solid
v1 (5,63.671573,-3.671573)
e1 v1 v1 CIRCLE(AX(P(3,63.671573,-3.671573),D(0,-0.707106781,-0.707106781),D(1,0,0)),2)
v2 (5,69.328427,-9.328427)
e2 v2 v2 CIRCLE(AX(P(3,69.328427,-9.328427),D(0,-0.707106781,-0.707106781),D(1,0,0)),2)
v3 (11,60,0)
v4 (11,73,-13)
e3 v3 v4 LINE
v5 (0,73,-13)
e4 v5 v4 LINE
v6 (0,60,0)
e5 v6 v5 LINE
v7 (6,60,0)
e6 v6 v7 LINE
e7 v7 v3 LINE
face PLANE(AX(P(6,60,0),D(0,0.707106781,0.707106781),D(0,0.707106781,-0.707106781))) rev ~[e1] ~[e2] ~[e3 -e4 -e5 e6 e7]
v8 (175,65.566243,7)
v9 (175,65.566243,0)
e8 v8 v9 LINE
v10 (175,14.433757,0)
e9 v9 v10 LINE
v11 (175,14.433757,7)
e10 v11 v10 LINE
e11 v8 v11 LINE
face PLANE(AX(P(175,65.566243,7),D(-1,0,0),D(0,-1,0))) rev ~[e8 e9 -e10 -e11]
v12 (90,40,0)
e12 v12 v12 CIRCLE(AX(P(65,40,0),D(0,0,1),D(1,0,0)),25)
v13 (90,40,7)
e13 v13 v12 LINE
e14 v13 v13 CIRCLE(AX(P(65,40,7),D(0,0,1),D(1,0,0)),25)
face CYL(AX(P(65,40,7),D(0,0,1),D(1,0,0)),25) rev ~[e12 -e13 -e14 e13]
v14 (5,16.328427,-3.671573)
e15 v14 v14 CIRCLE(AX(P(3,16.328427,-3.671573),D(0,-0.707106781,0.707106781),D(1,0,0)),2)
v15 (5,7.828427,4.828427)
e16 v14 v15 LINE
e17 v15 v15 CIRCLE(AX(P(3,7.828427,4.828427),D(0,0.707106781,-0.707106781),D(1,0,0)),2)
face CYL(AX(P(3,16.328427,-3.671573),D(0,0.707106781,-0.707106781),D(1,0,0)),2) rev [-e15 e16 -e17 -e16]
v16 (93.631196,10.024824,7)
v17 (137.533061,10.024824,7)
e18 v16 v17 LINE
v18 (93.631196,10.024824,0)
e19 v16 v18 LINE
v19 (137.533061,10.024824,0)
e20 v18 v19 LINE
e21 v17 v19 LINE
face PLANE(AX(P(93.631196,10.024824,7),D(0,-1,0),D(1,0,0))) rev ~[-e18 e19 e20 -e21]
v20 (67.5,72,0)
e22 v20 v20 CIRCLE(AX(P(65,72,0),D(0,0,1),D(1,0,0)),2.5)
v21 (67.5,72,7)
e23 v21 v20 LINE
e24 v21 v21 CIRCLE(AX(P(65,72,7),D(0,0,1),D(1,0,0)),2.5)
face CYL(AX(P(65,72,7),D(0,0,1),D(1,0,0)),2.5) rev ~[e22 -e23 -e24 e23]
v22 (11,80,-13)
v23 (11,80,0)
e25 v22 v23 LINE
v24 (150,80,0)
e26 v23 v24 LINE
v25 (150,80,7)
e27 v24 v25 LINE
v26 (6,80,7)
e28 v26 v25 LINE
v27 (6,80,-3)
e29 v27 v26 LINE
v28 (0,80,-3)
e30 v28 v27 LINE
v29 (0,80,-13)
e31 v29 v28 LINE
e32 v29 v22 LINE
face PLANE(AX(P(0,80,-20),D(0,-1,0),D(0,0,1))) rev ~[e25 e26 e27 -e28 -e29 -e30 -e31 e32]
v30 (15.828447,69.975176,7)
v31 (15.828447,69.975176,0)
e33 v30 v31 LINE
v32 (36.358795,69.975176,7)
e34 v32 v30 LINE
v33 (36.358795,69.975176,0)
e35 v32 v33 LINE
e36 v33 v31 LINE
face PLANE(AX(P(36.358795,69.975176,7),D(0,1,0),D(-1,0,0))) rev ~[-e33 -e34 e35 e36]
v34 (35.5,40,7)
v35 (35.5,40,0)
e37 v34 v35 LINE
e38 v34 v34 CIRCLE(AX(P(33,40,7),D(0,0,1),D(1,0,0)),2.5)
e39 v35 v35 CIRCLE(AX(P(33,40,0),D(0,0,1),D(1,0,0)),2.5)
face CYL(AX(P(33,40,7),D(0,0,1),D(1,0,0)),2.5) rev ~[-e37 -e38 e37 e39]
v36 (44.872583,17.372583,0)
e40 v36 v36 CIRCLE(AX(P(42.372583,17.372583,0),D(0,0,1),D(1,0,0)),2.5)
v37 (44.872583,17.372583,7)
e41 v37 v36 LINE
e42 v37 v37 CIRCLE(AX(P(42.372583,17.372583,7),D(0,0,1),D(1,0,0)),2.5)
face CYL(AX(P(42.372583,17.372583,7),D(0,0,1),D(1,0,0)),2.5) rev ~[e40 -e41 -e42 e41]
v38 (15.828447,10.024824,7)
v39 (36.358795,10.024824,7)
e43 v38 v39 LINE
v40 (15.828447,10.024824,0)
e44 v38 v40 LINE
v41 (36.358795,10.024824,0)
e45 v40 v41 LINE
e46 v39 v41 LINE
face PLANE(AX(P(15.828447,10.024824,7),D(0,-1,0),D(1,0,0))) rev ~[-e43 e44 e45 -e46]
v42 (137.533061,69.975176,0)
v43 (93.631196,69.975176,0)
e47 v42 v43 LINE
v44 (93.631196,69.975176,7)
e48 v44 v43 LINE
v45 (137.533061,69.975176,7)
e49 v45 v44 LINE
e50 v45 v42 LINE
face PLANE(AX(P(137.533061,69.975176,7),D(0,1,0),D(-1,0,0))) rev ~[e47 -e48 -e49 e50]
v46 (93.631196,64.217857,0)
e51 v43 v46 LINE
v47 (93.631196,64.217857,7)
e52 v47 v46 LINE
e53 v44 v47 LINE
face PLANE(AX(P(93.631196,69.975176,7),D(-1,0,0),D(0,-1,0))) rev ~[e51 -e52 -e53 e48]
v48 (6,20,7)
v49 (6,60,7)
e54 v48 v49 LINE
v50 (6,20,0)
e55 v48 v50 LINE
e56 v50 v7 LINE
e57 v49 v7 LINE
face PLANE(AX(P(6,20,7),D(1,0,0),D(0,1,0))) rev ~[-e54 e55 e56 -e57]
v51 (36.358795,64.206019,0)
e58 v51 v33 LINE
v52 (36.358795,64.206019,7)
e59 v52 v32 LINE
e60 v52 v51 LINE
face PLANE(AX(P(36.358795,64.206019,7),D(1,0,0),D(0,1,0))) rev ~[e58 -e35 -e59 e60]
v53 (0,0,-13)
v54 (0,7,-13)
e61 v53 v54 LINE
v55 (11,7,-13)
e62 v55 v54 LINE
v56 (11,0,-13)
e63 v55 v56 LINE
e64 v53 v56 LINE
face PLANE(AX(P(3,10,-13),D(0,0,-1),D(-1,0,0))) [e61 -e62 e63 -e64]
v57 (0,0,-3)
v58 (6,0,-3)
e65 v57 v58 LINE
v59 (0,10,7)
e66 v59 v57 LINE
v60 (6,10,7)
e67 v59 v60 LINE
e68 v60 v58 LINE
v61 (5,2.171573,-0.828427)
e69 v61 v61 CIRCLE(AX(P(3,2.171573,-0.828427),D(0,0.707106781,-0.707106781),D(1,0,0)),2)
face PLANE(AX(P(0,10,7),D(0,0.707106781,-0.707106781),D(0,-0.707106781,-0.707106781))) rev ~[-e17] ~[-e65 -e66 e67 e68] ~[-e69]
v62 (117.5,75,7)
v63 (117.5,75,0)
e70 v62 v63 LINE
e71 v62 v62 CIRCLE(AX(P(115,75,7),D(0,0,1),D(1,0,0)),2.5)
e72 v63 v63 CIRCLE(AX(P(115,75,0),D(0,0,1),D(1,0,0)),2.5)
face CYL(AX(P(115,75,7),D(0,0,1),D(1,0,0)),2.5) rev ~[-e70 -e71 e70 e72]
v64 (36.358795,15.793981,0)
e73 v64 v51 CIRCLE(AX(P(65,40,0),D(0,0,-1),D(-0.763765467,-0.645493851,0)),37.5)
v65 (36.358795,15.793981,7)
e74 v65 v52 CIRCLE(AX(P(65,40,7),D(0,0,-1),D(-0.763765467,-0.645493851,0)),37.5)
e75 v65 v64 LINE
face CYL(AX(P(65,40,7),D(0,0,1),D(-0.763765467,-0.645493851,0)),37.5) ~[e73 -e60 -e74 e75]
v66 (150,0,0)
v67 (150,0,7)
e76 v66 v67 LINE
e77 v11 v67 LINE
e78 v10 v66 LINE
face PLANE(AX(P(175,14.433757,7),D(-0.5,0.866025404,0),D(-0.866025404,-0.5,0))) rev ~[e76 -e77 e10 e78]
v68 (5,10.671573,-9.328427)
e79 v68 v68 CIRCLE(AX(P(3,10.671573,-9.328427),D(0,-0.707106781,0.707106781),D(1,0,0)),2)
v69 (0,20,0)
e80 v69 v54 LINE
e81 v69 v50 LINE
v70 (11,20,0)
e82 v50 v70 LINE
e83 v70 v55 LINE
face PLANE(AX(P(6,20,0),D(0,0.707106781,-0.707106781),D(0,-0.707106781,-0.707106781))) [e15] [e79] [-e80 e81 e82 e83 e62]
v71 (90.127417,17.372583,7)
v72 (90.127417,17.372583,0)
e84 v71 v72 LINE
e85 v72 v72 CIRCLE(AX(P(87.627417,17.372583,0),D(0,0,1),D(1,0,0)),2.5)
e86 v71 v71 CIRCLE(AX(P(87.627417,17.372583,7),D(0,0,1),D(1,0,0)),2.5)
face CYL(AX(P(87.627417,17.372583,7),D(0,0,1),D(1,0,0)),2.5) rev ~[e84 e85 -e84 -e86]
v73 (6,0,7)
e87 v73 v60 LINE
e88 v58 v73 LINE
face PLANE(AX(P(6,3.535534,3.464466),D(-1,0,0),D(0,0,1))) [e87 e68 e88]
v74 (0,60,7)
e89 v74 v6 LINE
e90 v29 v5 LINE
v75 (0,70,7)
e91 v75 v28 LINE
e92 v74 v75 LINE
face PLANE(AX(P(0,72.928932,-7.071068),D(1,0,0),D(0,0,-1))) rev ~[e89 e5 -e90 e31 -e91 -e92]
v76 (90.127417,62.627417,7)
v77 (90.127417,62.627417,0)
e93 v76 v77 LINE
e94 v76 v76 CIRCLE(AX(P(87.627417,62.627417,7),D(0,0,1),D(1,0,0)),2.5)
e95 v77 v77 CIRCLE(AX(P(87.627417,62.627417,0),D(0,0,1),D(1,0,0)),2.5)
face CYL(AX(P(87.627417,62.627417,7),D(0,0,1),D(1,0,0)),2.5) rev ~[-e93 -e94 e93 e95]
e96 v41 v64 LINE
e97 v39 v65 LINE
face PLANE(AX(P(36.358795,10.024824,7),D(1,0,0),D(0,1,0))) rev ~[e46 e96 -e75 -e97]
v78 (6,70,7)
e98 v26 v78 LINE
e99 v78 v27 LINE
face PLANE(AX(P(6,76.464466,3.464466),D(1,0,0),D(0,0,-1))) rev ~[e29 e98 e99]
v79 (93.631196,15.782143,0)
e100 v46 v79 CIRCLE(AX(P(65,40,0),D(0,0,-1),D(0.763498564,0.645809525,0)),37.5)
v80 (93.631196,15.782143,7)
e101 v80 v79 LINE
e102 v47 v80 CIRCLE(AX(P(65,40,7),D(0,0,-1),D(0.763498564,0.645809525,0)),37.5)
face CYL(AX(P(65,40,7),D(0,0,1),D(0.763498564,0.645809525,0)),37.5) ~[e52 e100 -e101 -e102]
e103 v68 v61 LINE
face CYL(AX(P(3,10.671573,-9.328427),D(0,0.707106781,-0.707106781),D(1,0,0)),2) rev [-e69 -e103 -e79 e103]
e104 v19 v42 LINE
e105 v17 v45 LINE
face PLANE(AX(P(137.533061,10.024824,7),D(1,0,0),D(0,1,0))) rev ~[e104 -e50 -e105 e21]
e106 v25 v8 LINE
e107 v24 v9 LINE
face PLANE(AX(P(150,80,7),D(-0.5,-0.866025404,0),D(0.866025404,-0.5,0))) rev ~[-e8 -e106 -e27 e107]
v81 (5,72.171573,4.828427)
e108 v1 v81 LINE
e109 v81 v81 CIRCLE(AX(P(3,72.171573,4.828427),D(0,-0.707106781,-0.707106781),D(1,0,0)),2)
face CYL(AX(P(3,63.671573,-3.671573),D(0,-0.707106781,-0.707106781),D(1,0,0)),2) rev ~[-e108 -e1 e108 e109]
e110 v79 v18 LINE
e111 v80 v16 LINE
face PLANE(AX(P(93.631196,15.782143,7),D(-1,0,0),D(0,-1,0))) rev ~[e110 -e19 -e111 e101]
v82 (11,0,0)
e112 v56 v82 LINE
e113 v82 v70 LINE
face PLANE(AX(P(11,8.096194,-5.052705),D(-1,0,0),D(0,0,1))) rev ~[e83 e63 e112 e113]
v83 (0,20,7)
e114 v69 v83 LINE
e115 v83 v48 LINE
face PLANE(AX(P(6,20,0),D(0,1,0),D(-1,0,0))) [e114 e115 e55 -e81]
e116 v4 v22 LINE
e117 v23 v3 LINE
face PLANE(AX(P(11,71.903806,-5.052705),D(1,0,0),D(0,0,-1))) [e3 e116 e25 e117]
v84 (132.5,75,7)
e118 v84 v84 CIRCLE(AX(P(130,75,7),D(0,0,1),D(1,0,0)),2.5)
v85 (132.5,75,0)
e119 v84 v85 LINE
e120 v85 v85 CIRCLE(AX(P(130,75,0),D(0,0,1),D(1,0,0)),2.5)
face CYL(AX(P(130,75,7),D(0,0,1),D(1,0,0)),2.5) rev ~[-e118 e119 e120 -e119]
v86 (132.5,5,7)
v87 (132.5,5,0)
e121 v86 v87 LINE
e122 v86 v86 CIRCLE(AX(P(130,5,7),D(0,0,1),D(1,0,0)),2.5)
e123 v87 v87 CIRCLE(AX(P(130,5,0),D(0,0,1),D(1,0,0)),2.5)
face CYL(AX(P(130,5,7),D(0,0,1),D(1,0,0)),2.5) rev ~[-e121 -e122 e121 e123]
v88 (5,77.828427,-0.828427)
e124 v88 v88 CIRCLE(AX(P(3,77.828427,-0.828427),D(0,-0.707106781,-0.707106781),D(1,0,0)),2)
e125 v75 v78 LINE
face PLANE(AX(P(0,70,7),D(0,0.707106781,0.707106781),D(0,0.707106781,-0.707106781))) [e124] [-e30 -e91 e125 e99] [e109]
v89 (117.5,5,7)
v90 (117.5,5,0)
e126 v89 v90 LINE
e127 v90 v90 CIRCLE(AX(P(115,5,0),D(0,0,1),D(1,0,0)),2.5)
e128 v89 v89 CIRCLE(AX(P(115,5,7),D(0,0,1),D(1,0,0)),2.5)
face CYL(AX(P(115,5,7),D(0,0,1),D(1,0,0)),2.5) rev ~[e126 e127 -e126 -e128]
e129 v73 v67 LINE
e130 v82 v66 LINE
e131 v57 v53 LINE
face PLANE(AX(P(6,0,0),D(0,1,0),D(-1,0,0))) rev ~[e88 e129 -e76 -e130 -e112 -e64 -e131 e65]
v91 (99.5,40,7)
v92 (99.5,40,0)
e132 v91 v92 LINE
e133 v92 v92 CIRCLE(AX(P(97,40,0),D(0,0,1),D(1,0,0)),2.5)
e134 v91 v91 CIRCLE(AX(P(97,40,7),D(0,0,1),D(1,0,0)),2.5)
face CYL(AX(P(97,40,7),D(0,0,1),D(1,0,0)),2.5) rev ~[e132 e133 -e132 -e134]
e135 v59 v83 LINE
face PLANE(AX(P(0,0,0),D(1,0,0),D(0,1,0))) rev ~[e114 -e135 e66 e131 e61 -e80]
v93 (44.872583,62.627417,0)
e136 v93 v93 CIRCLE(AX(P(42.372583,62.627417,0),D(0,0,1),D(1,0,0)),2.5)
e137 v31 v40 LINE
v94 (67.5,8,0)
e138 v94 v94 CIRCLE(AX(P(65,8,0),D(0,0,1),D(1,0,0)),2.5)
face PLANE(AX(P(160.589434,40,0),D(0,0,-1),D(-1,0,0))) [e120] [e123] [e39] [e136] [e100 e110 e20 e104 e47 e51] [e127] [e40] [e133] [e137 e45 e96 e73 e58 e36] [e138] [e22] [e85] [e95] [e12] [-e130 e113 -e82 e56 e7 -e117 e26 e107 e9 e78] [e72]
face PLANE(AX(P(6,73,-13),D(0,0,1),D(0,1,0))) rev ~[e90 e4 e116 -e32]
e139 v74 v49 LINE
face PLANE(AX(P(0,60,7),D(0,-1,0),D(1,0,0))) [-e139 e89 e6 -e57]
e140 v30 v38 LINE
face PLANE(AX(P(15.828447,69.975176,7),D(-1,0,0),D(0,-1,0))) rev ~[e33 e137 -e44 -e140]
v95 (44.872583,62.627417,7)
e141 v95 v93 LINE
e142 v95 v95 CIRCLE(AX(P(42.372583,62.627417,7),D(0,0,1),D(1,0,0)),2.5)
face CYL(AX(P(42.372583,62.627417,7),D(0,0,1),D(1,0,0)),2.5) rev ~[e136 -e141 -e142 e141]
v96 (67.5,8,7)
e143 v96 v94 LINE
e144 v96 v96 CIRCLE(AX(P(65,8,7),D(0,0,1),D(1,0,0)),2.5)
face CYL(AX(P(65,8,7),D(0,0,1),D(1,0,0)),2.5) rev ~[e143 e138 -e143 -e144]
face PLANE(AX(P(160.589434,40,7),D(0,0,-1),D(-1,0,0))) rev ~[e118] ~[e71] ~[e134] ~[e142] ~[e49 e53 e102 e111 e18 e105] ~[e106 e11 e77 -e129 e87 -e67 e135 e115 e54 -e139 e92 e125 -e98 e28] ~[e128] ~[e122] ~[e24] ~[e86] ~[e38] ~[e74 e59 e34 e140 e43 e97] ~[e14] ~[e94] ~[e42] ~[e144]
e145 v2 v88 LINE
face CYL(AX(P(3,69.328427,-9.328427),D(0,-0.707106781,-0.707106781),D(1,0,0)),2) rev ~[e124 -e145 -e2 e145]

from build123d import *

# Parameters (mm, degrees)
SKETCH1_W           = 150
SKETCH1_H           = 80
BOSS_EXTRUDE1_DEPTH = 7
SKETCH2_W           = 6
SKETCH2_H           = 40
CUT_EXTRUDE2_DEPTH  = 7
SKETCH3_R           = 25
CUT_EXTRUDE3_DEPTH  = 7
CUT_EXTRUDE5_DEPTH  = 7
CUT_EXTRUDE6_DEPTH  = 7
SKETCH6_R           = 2.5
CUT_EXTRUDE7_DEPTH  = 7
BOSS_EXTRUDE2_DEPTH = 6
CUT_EXTRUDE8_DEPTH  = 6
SKETCH10_W          = 6
SKETCH10_H          = 20
BOSS_EXTRUDE3_DEPTH = 13
CUT_EXTRUDE9_DEPTH  = 13
SKETCH12_R          = 2.5
CUT_EXTRUDE10_DEPTH = 13
BOSS_EXTRUDE5_DEPTH = 5
SKETCH14_R          = 2
CUT_EXTRUDE11_DEPTH = 20.091883092
CUT_EXTRUDE13_DEPTH = 6
BOSS_EXTRUDE6_DEPTH = 7


with BuildPart() as part:
    # Sketch1 → Boss-Extrude1 (new body)
    with BuildSketch(Plane.XY):
        with Locations((75, 40)):
            Rectangle(SKETCH1_W, SKETCH1_H)
    extrude(amount=BOSS_EXTRUDE1_DEPTH)

    # Sketch2 → Cut-Extrude2 (cut)
    with BuildSketch(Plane.XY.offset(7)):
        with Locations((3, 40)):
            Rectangle(SKETCH2_W, SKETCH2_H)
    extrude(amount=-CUT_EXTRUDE2_DEPTH, mode=Mode.SUBTRACT)

    # Sketch3 → Cut-Extrude3 (cut)
    with BuildSketch(Plane.XY.offset(7)):
        with Locations((65, 40)):
            Circle(SKETCH3_R)
    extrude(amount=-CUT_EXTRUDE3_DEPTH, mode=Mode.SUBTRACT)

    # Sketch4 → Cut-Extrude5 (cut)
    with BuildSketch(Plane.XY.offset(7)):
        with BuildLine():
            Line((15.828446624, 69.975175599), (15.828446624, 10.024824401))
            Line((15.828446624, 10.024824401), (36.358795003, 10.024824401))
            Line((36.358795003, 10.024824401), (36.358795003, 15.793980576))
            ThreePointArc((36.358795003, 15.793980576), (27.5, 40), (36.358795003, 64.206019424))
            Line((36.358795003, 64.206019424), (36.358795003, 69.975175599))
            Line((36.358795003, 69.975175599), (15.828446624, 69.975175599))
        make_face()
    extrude(amount=-CUT_EXTRUDE5_DEPTH, mode=Mode.SUBTRACT)

    # Sketch5 → Cut-Extrude6 (cut)
    with BuildSketch(Plane.XY.offset(7)):
        with BuildLine():
            Line((93.631196157, 69.975175599), (93.631196157, 64.217857185))
            ThreePointArc((93.631196157, 64.217857185), (102.5, 40), (93.631196157, 15.782142815))
            Line((93.631196157, 15.782142815), (93.631196157, 10.024824401))
            Line((93.631196157, 10.024824401), (137.533061217, 10.024824401))
            Line((137.533061217, 10.024824401), (137.533061217, 69.975175599))
            Line((137.533061217, 69.975175599), (93.631196157, 69.975175599))
        make_face()
    extrude(amount=-CUT_EXTRUDE6_DEPTH, mode=Mode.SUBTRACT)

    # Sketch6 → Cut-Extrude7 (cut)
    with BuildSketch(Plane.XY.offset(7)):
        with Locations((97, 40)):
            Circle(SKETCH6_R)
        with Locations((87.627416998, 17.372583002)):
            Circle(SKETCH6_R)
        with Locations((65, 8)):
            Circle(SKETCH6_R)
        with Locations((42.372583002, 17.372583002)):
            Circle(SKETCH6_R)
        with Locations((33, 40)):
            Circle(SKETCH6_R)
        with Locations((42.372583002, 62.627416998)):
            Circle(SKETCH6_R)
        with Locations((65, 72)):
            Circle(SKETCH6_R)
        with Locations((87.627416998, 62.627416998)):
            Circle(SKETCH6_R)
    extrude(amount=-CUT_EXTRUDE7_DEPTH, mode=Mode.SUBTRACT)

    # Sketch8 → Boss-Extrude2 (add)
    with BuildSketch(Plane.ZY):
        Polygon((0, 60), (-20, 80), (0, 80), align=None)
    extrude(amount=-BOSS_EXTRUDE2_DEPTH)

    # Sketch9 → Cut-Extrude8 (cut)
    with BuildSketch(Plane.ZY):
        Polygon((-13, 80), (-13, 73), (-20, 80), align=None)
    extrude(amount=-CUT_EXTRUDE8_DEPTH, mode=Mode.SUBTRACT)

    # Sketch10 → Boss-Extrude3 (add)
    with BuildSketch(Plane(origin=(0, 0, 0), x_dir=(-1, 0, 0), z_dir=(0, 0, -1))):
        with Locations((-3, 10)):
            Rectangle(SKETCH10_W, SKETCH10_H)
    extrude(amount=BOSS_EXTRUDE3_DEPTH)

    # Sketch11 → Cut-Extrude9 (cut)
    with BuildSketch(Plane.ZY):
        Polygon((0, 20), (-13, 7), (-13, 20), align=None)
    extrude(amount=-CUT_EXTRUDE9_DEPTH, mode=Mode.SUBTRACT)

    # Sketch12 → Cut-Extrude10 (cut)
    with BuildSketch(Plane.XY.offset(7)):
        with Locations((130, 75)):
            Circle(SKETCH12_R)
        with Locations((115, 75)):
            Circle(SKETCH12_R)
        with Locations((130, 5)):
            Circle(SKETCH12_R)
        with Locations((115, 5)):
            Circle(SKETCH12_R)
    extrude(amount=-CUT_EXTRUDE10_DEPTH, mode=Mode.SUBTRACT)

    # Sketch13 → Boss-Extrude5 (add)
    with BuildSketch(Plane(origin=(6, 0, 0), x_dir=(0, 0, -1), z_dir=(1, 0, 0))):
        Polygon((0, 60), (13, 73), (13, 80), (0, 80), align=None)
        Polygon((13, 0), (0, 0), (0, 20), (13, 7), align=None)
    extrude(amount=BOSS_EXTRUDE5_DEPTH)

    # Sketch14 → Cut-Extrude11 (cut, through all)
    with BuildSketch(Plane(origin=(0, 30, 30), x_dir=(1, 0, 0), z_dir=(0, -0.707106781, -0.707106781))):
        with Locations((3, -47.618795027)):
            Circle(SKETCH14_R)
        with Locations((3, -55.618795027)):
            Circle(SKETCH14_R)
    cut_extrude11 = extrude(amount=-CUT_EXTRUDE11_DEPTH, mode=Mode.SUBTRACT)

    # Sketch15 → Cut-Extrude13 (cut)
    with BuildSketch(Plane.ZY):
        Polygon((7, 70), (-3, 80), (7, 80), align=None)
        Polygon((-3, 0), (7, 0), (7, 10), align=None)
    extrude(amount=-CUT_EXTRUDE13_DEPTH, mode=Mode.SUBTRACT)

    # Mirror1: Cut-Extrude11 across plane
    add(cut_extrude11.mirror(Plane(origin=(0, 40, 0), x_dir=(0, 0, 1), z_dir=(0, -1, 0))), mode=Mode.SUBTRACT)

    # Sketch17 → Boss-Extrude6 (add)
    with BuildSketch(Plane.XY.offset(7)):
        Polygon((150, 80), (175, 65.56624327), (175, 14.43375673), (150, 0), align=None)
    extrude(amount=-BOSS_EXTRUDE6_DEPTH)


solid = part.part
